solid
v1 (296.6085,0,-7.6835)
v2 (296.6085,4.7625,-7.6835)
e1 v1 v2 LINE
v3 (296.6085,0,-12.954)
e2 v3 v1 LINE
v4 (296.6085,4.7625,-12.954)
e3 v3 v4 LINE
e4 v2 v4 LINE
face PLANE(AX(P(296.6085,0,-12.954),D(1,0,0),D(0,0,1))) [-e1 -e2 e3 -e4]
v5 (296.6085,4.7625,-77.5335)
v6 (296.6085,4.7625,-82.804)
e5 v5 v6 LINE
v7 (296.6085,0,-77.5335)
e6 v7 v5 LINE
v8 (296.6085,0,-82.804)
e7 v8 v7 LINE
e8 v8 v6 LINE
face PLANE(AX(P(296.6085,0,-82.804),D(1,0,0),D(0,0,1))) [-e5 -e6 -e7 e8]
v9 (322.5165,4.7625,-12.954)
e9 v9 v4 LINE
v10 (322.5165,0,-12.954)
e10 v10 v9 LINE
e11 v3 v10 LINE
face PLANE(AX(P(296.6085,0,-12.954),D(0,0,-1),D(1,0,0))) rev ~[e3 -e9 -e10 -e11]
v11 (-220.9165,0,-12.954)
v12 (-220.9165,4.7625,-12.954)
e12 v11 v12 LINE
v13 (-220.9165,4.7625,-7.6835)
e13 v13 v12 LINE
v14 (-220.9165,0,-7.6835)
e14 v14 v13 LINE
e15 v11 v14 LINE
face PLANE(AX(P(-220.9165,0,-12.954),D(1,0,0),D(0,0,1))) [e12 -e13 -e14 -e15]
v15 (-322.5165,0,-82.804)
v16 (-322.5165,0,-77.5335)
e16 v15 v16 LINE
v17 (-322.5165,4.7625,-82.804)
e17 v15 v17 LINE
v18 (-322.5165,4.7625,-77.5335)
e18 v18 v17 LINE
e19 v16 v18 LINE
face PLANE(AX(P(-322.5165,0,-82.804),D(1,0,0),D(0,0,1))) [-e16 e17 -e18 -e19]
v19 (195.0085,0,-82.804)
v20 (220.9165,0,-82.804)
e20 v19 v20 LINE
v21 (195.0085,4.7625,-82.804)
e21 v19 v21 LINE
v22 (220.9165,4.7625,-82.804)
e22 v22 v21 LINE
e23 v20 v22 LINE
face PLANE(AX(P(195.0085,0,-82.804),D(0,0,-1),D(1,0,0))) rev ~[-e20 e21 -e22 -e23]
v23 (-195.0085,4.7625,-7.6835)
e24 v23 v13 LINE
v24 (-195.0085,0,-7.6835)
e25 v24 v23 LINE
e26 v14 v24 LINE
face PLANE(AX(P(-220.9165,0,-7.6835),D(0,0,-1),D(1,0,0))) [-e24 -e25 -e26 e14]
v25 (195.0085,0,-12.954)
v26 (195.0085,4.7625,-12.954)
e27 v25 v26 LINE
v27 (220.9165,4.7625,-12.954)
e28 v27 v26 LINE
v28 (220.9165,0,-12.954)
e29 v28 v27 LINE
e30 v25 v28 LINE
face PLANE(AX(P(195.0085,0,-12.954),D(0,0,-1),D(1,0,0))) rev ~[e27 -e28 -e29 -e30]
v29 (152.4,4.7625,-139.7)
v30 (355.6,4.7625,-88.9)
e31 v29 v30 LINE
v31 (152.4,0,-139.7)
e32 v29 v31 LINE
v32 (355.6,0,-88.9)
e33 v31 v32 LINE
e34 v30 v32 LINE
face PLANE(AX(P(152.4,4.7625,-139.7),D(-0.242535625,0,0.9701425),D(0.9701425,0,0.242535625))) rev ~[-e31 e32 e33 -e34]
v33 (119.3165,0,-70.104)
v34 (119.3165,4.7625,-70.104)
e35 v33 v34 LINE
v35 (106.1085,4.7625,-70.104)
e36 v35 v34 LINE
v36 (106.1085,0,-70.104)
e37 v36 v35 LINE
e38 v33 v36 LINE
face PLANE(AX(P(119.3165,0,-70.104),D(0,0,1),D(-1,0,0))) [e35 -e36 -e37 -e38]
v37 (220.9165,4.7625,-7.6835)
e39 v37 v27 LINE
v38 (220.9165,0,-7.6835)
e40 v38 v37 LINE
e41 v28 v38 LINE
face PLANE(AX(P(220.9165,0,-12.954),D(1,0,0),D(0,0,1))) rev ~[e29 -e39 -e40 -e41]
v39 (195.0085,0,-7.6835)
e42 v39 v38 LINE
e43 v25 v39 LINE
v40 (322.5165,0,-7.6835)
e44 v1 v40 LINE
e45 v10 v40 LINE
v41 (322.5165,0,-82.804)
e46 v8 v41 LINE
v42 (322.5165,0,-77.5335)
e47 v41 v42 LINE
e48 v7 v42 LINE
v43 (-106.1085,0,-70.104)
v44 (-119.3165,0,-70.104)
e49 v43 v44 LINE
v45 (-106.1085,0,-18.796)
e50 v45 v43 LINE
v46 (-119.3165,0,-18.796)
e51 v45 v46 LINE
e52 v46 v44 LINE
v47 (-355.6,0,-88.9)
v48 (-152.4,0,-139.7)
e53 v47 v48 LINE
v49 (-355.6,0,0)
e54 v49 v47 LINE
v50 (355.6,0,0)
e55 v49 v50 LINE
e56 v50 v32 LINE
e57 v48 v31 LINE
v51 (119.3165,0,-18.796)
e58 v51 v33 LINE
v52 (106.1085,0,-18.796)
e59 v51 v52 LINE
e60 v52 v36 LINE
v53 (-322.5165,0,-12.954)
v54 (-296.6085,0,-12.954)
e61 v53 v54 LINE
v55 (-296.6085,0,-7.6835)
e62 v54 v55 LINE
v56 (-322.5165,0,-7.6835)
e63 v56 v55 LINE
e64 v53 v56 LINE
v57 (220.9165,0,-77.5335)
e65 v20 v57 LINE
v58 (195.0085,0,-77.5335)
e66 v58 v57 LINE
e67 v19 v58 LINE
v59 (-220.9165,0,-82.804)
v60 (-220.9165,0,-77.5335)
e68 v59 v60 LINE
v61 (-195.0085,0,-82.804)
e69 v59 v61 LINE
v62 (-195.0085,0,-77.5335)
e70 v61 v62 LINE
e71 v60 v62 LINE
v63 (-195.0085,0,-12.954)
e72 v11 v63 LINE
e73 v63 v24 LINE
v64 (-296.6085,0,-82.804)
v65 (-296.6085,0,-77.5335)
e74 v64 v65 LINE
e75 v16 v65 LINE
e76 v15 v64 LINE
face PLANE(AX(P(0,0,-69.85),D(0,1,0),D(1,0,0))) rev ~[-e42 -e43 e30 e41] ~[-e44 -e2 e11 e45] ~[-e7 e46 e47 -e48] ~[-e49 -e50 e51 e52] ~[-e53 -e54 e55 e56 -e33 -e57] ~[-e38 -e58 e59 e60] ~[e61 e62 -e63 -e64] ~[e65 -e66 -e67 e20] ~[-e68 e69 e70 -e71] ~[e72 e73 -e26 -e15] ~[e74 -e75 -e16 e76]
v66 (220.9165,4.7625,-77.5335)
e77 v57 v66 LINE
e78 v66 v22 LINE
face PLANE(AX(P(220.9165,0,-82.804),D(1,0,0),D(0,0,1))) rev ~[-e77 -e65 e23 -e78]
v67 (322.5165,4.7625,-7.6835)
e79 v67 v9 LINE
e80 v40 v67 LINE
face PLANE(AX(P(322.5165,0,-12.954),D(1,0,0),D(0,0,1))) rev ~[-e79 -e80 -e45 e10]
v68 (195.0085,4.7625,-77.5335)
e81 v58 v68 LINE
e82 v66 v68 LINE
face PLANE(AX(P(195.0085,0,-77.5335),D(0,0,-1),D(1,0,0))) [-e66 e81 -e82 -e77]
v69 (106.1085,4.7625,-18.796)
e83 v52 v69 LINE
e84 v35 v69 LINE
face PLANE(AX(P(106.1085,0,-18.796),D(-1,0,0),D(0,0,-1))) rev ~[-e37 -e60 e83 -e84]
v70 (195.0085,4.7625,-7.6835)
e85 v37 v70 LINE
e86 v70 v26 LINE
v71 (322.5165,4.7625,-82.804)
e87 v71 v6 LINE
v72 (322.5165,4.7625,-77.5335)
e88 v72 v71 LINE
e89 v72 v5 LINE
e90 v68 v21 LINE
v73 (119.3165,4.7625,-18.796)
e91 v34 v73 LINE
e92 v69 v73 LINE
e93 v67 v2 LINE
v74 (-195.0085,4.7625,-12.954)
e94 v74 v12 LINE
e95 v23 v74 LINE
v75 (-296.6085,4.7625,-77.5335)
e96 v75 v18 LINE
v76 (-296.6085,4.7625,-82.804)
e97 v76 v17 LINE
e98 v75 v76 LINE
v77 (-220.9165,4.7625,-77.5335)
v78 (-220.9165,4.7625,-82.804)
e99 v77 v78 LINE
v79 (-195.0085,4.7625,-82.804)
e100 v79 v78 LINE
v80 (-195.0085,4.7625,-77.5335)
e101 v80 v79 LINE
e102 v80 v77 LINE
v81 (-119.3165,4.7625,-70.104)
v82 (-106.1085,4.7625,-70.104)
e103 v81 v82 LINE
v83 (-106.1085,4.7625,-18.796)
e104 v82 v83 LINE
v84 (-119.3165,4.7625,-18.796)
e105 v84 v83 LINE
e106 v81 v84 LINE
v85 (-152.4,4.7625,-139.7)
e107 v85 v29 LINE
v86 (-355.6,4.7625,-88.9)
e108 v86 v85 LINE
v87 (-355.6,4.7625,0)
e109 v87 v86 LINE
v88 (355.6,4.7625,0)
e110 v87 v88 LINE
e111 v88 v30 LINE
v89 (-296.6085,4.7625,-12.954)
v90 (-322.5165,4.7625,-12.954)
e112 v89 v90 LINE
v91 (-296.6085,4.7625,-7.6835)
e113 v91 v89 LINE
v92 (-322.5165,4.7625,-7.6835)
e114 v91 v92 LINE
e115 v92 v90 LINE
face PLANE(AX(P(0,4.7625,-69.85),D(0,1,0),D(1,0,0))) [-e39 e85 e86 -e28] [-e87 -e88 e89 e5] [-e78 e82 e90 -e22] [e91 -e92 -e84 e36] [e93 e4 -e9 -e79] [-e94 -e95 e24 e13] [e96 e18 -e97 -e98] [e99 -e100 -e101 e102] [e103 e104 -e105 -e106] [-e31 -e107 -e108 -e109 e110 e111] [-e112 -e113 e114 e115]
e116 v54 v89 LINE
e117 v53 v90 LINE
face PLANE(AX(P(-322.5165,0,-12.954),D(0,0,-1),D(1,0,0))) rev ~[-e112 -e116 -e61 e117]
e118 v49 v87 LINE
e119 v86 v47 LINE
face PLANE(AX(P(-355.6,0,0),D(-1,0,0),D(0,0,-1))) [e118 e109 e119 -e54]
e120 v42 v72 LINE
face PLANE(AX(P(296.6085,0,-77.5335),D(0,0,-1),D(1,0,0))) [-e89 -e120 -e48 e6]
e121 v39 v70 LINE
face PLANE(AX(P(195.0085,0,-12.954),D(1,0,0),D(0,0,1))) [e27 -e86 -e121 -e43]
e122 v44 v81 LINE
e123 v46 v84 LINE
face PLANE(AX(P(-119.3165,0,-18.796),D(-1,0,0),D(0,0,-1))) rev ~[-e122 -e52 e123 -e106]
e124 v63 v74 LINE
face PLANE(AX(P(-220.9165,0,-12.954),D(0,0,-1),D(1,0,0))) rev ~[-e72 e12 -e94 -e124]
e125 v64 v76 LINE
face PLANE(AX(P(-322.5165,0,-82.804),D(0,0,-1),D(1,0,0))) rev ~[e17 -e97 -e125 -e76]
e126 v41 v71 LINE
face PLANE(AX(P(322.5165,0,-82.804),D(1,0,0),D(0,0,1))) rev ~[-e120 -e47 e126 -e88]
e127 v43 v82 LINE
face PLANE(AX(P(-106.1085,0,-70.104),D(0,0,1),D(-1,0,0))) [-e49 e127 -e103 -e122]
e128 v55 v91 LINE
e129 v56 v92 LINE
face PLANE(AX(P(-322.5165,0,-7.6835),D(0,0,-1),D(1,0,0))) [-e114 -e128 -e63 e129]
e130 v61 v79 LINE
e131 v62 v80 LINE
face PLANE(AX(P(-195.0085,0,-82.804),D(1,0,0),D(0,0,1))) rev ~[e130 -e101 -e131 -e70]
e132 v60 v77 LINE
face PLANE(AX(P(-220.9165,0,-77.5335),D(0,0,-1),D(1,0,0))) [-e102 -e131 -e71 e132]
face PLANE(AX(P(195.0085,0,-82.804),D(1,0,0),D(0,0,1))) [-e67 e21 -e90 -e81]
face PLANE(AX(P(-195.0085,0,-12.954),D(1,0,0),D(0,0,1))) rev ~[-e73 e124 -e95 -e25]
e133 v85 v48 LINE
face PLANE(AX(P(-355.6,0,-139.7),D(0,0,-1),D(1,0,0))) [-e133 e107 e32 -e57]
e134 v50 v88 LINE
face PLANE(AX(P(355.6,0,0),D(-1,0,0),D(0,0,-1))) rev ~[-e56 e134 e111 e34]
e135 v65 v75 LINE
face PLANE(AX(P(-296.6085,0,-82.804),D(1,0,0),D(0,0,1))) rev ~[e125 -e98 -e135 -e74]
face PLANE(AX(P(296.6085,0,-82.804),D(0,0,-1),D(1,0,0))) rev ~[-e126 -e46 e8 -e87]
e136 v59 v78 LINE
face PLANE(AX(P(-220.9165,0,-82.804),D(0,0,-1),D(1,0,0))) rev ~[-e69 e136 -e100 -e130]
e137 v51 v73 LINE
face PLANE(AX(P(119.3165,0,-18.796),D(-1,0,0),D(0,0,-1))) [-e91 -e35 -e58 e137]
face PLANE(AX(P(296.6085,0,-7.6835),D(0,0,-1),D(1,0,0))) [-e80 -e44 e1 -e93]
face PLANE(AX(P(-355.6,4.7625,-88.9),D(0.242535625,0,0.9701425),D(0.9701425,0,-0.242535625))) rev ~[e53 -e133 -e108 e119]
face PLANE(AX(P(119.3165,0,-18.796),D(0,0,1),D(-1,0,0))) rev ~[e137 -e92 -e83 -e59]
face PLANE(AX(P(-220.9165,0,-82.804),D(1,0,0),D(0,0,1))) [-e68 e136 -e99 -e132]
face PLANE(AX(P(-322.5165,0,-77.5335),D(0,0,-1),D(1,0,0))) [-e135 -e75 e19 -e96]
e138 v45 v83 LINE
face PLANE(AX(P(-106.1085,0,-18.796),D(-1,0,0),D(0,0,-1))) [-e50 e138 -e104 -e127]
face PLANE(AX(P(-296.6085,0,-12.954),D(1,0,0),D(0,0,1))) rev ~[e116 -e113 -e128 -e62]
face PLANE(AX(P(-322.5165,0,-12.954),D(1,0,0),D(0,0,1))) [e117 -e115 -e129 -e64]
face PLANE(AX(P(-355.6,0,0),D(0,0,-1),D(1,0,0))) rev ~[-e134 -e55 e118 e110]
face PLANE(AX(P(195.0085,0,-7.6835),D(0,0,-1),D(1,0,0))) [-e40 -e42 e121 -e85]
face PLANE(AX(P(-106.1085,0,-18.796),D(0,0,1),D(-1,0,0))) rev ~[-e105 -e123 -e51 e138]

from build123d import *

# Parameters (mm, degrees)
SKETCH1_W           = 711.2
SKETCH1_H           = 139.7
BOSS_EXTRUDE1_DEPTH = 4.7625
CUT_EXTRUDE1_DEPTH  = 5.7625
SKETCH3_W           = 13.208
SKETCH3_H           = 51.308
CUT_EXTRUDE2_DEPTH  = 5.7625
SKETCH4_W           = 25.908
SKETCH4_H           = 5.2705
CUT_EXTRUDE3_DEPTH  = 5.7625


with BuildPart() as part:
    # Sketch1 → Boss-Extrude1 (new body)
    with BuildSketch(Plane(origin=(0, 0, 0), x_dir=(1, 0, 0), z_dir=(0, 1, 0))):
        with Locations((0, 69.85)):
            Rectangle(SKETCH1_W, SKETCH1_H)
    extrude(amount=BOSS_EXTRUDE1_DEPTH)

    # Sketch2 → Cut-Extrude1 (cut, through all)
    with BuildSketch(Plane(origin=(0, 4.7625, 0), x_dir=(1, 0, 0), z_dir=(0, 1, 0))):
        Polygon((-355.6, 88.9), (-152.4, 139.7), (-355.6, 139.7), align=None)
        Polygon((355.6, 139.7), (152.4, 139.7), (355.6, 88.9), align=None)
    extrude(amount=-CUT_EXTRUDE1_DEPTH, mode=Mode.SUBTRACT)

    # Sketch3 → Cut-Extrude2 (cut, through all)
    with BuildSketch(Plane(origin=(0, 0, 0), x_dir=(-1, 0, 0), z_dir=(0, -1, 0))):
        with Locations((-112.7125, 44.45)):
            Rectangle(SKETCH3_W, SKETCH3_H)
        with Locations((112.7125, 44.45)):
            Rectangle(SKETCH3_W, SKETCH3_H)
    extrude(amount=-CUT_EXTRUDE2_DEPTH, mode=Mode.SUBTRACT)

    # Sketch4 → Cut-Extrude3 (cut, through all)
    with BuildSketch(Plane.XZ):
        with Locations((-207.9625, -10.31875)):
            Rectangle(SKETCH4_W, SKETCH4_H)
        with Locations((-207.9625, -80.16875)):
            Rectangle(SKETCH4_W, SKETCH4_H)
        with Locations((-309.5625, -80.16875)):
            Rectangle(SKETCH4_W, SKETCH4_H)
        with Locations((-309.5625, -10.31875)):
            Rectangle(SKETCH4_W, SKETCH4_H)
        with Locations((207.9625, -80.16875)):
            Rectangle(SKETCH4_W, SKETCH4_H)
        with Locations((309.5625, -80.16875)):
            Rectangle(SKETCH4_W, SKETCH4_H)
        with Locations((309.5625, -10.31875)):
            Rectangle(SKETCH4_W, SKETCH4_H)
        with Locations((207.9625, -10.31875)):
            Rectangle(SKETCH4_W, SKETCH4_H)
    extrude(amount=-CUT_EXTRUDE3_DEPTH, mode=Mode.SUBTRACT)


solid = part.part
